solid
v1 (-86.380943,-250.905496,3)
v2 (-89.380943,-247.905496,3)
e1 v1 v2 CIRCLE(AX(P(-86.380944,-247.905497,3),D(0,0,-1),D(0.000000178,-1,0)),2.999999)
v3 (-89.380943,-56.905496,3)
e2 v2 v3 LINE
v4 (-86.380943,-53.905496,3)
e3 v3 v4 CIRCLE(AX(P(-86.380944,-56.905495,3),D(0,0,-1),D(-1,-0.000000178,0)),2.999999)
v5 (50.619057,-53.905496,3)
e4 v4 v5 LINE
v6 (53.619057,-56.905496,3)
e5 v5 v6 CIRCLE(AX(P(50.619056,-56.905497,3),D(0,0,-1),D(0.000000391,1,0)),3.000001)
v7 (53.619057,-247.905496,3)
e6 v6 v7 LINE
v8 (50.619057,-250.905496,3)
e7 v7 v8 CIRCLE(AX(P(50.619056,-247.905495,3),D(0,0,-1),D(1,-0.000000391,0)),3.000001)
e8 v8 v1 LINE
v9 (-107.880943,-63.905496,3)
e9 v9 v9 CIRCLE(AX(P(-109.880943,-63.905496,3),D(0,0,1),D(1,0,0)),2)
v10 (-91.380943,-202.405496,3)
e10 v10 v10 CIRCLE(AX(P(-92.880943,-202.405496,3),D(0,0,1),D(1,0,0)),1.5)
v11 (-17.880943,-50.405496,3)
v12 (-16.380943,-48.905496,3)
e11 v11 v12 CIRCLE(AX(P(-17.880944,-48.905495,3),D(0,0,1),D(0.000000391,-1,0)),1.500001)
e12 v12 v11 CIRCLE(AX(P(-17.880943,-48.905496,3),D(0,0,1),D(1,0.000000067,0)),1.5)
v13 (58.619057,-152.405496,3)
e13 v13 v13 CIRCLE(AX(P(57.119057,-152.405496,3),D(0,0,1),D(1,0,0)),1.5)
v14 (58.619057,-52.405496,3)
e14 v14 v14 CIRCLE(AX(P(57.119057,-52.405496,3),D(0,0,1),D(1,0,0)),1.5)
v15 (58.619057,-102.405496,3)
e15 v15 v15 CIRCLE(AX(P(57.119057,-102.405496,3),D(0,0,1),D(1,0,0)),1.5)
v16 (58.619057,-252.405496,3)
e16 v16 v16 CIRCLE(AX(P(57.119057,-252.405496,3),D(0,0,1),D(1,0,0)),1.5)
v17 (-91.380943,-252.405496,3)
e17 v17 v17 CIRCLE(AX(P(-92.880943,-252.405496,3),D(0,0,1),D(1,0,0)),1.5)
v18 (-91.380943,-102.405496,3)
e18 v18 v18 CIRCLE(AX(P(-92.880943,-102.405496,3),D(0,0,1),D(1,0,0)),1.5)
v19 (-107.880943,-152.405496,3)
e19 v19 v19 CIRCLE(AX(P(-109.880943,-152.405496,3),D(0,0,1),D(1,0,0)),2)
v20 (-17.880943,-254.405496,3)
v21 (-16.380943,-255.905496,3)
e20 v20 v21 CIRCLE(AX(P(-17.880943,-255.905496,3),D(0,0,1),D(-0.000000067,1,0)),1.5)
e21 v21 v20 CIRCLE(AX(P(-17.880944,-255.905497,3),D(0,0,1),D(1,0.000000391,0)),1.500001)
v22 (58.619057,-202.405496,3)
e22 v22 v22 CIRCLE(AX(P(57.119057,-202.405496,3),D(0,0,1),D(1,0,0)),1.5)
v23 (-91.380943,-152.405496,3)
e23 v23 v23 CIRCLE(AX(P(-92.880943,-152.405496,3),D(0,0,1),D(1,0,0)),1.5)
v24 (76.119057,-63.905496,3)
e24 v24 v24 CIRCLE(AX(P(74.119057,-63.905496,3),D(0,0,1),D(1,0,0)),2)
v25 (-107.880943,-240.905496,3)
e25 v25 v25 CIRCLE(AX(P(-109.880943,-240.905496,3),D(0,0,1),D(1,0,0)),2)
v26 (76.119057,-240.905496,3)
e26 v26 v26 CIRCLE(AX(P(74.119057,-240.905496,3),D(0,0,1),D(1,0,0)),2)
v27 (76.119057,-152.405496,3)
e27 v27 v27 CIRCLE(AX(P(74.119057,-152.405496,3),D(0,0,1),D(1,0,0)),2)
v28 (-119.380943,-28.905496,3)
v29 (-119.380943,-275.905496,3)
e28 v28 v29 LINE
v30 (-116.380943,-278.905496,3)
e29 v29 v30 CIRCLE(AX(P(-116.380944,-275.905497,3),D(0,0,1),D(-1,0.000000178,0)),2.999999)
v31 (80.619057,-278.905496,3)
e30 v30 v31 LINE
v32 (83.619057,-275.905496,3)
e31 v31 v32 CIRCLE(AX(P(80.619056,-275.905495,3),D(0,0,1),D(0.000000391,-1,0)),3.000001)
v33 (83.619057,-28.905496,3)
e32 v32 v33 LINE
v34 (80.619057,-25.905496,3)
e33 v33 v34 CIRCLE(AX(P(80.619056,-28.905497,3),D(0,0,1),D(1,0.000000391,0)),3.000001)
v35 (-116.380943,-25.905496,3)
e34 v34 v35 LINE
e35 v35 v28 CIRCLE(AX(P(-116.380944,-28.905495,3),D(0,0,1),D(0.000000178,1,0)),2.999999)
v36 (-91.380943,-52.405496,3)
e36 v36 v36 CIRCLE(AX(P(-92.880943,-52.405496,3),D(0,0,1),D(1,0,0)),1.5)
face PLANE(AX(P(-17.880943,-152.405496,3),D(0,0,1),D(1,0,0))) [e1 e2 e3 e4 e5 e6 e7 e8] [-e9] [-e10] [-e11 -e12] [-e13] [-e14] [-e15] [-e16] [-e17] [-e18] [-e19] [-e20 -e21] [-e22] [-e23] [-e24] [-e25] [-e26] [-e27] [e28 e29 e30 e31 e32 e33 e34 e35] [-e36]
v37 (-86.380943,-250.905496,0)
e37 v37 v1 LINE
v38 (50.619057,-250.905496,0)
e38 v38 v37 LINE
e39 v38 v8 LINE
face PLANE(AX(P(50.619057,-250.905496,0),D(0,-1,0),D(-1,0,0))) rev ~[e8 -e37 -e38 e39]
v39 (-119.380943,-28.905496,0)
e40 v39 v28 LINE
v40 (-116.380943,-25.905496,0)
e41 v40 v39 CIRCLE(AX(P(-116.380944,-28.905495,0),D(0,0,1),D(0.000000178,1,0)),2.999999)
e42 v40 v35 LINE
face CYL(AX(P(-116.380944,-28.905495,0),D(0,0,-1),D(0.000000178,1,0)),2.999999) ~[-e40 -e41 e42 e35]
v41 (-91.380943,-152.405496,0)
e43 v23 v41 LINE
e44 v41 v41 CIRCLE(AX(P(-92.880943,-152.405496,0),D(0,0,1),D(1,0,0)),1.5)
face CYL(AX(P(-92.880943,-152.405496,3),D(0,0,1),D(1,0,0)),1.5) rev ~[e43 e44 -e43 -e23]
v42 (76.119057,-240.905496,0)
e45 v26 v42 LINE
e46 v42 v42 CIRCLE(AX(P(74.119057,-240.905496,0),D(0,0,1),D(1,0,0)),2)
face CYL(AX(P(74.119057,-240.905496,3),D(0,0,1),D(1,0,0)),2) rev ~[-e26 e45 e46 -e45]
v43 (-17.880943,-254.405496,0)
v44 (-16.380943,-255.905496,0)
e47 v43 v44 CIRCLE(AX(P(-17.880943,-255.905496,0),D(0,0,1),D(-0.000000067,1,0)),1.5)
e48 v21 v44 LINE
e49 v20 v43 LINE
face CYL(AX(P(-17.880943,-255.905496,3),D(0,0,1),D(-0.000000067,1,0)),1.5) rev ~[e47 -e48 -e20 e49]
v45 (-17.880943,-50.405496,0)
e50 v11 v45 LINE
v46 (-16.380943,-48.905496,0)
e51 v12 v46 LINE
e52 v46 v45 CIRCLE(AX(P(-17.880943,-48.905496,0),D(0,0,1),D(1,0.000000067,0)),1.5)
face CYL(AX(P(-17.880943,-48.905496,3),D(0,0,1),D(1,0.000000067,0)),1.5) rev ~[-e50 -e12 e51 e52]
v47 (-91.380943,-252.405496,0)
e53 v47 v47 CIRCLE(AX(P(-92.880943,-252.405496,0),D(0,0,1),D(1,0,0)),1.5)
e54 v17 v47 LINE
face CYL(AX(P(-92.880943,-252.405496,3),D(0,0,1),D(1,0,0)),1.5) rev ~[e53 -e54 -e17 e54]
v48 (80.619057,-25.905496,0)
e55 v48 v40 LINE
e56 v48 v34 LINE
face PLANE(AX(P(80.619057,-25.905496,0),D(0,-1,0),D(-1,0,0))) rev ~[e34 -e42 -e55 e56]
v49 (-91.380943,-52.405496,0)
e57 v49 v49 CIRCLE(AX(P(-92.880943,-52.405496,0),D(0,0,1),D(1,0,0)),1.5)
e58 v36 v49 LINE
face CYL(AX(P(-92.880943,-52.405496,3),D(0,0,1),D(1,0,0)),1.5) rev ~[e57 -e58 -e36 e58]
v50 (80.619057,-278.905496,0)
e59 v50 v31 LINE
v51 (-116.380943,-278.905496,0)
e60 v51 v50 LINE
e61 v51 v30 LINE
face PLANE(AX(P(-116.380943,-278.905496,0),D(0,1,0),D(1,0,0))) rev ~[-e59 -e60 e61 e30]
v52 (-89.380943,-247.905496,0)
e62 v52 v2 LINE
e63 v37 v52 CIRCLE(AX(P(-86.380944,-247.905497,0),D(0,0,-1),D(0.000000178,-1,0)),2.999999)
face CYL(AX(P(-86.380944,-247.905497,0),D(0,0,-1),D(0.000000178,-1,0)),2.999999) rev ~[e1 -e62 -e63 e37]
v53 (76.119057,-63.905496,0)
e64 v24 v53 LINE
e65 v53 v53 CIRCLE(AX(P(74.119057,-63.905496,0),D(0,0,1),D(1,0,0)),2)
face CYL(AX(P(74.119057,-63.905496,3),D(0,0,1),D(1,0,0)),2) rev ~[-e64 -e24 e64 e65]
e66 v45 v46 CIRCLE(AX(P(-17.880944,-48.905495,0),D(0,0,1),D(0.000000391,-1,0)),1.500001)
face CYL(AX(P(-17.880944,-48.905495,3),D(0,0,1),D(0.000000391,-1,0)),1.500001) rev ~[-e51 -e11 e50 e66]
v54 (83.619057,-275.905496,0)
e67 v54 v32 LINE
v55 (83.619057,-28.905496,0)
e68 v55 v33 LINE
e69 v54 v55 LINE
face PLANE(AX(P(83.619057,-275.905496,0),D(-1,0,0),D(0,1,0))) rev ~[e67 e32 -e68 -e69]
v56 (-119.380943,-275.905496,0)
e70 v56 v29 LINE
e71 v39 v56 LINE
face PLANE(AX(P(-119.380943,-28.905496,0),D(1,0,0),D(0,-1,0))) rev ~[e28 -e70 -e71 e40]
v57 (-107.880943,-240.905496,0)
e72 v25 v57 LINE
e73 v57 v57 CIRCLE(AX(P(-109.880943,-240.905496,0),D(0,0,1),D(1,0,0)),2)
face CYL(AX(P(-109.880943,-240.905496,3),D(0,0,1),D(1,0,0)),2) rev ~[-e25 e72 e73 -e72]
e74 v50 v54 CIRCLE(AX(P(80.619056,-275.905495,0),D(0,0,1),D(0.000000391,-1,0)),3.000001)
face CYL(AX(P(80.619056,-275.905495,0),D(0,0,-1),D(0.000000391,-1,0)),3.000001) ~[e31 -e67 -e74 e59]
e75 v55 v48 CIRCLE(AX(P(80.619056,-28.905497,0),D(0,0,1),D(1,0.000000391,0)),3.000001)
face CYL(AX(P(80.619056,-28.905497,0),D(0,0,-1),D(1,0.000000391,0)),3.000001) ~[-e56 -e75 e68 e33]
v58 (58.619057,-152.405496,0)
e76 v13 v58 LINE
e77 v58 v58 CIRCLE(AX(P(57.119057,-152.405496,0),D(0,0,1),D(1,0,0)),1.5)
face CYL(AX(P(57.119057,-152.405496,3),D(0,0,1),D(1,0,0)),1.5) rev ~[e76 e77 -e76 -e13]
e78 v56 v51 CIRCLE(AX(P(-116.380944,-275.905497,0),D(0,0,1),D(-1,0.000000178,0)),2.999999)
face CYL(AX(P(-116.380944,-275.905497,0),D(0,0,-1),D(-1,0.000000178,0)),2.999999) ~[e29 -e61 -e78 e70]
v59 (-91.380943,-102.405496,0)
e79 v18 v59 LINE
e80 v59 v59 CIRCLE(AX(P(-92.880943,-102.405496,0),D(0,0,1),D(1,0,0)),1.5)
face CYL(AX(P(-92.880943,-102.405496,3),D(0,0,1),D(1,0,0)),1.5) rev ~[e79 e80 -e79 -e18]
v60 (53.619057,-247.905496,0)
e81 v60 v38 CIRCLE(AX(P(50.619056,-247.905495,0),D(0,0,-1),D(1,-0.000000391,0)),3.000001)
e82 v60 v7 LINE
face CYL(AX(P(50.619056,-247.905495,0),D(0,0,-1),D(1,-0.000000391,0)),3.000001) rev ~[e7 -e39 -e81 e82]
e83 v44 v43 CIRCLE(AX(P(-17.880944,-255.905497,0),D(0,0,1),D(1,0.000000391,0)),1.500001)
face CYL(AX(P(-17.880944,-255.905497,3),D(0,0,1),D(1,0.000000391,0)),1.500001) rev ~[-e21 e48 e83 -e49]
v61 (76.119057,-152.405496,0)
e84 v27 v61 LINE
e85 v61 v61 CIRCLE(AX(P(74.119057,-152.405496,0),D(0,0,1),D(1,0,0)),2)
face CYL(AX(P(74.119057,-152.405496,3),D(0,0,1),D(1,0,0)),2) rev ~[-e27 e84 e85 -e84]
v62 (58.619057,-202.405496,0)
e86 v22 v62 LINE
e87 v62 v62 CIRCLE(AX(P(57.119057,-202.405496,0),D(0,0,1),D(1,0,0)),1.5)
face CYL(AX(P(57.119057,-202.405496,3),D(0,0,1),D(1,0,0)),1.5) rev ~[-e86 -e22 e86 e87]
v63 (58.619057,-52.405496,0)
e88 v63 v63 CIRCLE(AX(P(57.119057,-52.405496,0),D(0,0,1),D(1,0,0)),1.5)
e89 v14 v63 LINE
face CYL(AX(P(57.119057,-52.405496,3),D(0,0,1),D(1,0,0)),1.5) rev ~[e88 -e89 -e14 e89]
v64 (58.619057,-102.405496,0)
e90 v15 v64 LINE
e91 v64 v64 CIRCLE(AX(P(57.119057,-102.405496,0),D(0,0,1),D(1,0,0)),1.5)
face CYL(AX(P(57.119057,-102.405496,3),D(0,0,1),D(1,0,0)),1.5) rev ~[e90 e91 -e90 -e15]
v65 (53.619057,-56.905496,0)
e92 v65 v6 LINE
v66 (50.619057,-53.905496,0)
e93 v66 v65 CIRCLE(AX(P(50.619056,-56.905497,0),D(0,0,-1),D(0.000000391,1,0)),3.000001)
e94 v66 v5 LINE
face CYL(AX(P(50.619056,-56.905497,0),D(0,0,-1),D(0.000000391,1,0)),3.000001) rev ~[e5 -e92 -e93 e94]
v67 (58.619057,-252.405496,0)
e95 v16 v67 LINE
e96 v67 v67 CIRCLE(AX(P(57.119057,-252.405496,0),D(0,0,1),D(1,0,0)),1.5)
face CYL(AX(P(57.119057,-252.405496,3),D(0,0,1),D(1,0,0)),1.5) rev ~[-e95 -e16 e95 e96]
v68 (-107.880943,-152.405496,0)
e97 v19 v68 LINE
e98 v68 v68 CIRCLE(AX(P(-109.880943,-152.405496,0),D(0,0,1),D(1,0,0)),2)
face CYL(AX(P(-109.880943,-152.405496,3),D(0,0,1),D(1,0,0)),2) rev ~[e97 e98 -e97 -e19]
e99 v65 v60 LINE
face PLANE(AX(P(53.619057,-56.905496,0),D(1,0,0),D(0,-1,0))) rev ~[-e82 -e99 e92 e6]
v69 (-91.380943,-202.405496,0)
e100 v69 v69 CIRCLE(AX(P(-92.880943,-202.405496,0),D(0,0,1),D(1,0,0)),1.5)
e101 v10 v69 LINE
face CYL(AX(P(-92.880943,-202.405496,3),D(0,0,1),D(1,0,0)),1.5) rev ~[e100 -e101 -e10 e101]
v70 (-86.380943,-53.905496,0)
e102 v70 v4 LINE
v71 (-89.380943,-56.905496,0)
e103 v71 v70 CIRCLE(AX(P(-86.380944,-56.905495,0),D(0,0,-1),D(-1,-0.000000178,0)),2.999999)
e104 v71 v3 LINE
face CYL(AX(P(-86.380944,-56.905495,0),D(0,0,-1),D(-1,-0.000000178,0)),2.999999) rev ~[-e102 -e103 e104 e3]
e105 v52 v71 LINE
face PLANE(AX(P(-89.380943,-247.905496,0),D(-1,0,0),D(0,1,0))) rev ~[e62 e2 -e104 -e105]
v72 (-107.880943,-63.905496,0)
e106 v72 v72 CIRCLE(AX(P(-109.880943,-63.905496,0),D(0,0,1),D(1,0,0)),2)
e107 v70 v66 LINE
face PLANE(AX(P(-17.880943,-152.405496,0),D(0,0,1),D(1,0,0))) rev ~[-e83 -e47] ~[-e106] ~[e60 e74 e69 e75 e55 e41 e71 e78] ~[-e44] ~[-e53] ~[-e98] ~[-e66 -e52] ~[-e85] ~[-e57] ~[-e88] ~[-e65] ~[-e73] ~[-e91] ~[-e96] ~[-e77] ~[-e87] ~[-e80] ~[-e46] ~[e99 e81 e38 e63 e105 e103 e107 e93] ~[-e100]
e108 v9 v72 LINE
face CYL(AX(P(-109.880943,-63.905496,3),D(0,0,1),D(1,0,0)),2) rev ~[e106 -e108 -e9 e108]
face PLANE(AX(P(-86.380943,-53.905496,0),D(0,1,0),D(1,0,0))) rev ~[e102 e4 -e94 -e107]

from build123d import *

# Parameters (mm, degrees)
F1_DEPTH = 3
F2_R     = 2
F3_DEPTH = 25
F4_R     = 1.5
F5_DEPTH = 25


with BuildPart() as f1:
    # F0 (on Top) → F1 (new body)
    with BuildSketch(Plane.XY):
        with BuildLine():
            Line((80.619057, -25.905496), (-116.380943, -25.905496))
            ThreePointArc((-116.380943, -25.905496), (-118.502264, -26.784176), (-119.380943, -28.905496))
            Line((-119.380943, -28.905496), (-119.380943, -275.905496))
            ThreePointArc((-119.380943, -275.905496), (-118.502264, -278.026816), (-116.380943, -278.905496))
            Line((-116.380943, -278.905496), (80.619057, -278.905496))
            ThreePointArc((80.619057, -278.905496), (82.740377, -278.026816), (83.619057, -275.905496))
            Line((83.619057, -275.905496), (83.619057, -28.905496))
            ThreePointArc((83.619057, -28.905496), (82.740377, -26.784176), (80.619057, -25.905496))
        make_face()
        with BuildLine():
            ThreePointArc((-89.380943, -56.905496), (-88.502264, -54.784176), (-86.380943, -53.905496))
            Line((-86.380943, -53.905496), (50.619057, -53.905496))
            ThreePointArc((50.619057, -53.905496), (52.740377, -54.784176), (53.619057, -56.905496))
            Line((53.619057, -56.905496), (53.619057, -247.905496))
            ThreePointArc((53.619057, -247.905496), (52.740377, -250.026816), (50.619057, -250.905496))
            Line((50.619057, -250.905496), (-86.380943, -250.905496))
            ThreePointArc((-86.380943, -250.905496), (-88.502264, -250.026816), (-89.380943, -247.905496))
            Line((-89.380943, -247.905496), (-89.380943, -56.905496))
        make_face(mode=Mode.SUBTRACT)
    extrude(amount=F1_DEPTH)

    # F2 (on face) → F3 (cut)
    with BuildSketch(Plane.XY.offset(3)):
        with Locations((-109.880943, -63.905496)):
            Circle(F2_R)
        with Locations((74.119057, -63.905496)):
            Circle(F2_R)
        with Locations((74.119057, -152.405496)):
            Circle(F2_R)
        with Locations((74.119057, -240.905496)):
            Circle(F2_R)
        with Locations((-109.880943, -240.905496)):
            Circle(F2_R)
        with Locations((-109.880943, -152.405496)):
            Circle(F2_R)
    extrude(amount=-F3_DEPTH, mode=Mode.SUBTRACT)

    # F4 (on face) → F5 (cut)
    with BuildSketch(Plane.XY.offset(3)):
        with Locations((-92.880943, -52.405496)):
            Circle(F4_R)
        with BuildLine():
            ThreePointArc((-17.880943, -50.405496), (-16.820283, -49.966156), (-16.380943, -48.905496))
            ThreePointArc((-16.380943, -48.905496), (-18.941603, -47.844836), (-17.880943, -50.405496))
        make_face()
        with Locations((57.119057, -52.405496)):
            Circle(F4_R)
        with Locations((57.119057, -102.405496)):
            Circle(F4_R)
        with Locations((-92.880943, -102.405496)):
            Circle(F4_R)
        with Locations((57.119057, -152.405496)):
            Circle(F4_R)
        with Locations((-92.880943, -152.405496)):
            Circle(F4_R)
        with Locations((-92.880943, -202.405496)):
            Circle(F4_R)
        with Locations((57.119057, -202.405496)):
            Circle(F4_R)
        with Locations((-92.880943, -252.405496)):
            Circle(F4_R)
        with BuildLine():
            ThreePointArc((-17.880943, -254.405496), (-18.941603, -256.966156), (-16.380943, -255.905496))
            ThreePointArc((-16.380943, -255.905496), (-16.820283, -254.844836), (-17.880943, -254.405496))
        make_face()
        with Locations((57.119057, -252.405496)):
            Circle(F4_R)
    extrude(amount=-F5_DEPTH, mode=Mode.SUBTRACT)


solid = f1.part
